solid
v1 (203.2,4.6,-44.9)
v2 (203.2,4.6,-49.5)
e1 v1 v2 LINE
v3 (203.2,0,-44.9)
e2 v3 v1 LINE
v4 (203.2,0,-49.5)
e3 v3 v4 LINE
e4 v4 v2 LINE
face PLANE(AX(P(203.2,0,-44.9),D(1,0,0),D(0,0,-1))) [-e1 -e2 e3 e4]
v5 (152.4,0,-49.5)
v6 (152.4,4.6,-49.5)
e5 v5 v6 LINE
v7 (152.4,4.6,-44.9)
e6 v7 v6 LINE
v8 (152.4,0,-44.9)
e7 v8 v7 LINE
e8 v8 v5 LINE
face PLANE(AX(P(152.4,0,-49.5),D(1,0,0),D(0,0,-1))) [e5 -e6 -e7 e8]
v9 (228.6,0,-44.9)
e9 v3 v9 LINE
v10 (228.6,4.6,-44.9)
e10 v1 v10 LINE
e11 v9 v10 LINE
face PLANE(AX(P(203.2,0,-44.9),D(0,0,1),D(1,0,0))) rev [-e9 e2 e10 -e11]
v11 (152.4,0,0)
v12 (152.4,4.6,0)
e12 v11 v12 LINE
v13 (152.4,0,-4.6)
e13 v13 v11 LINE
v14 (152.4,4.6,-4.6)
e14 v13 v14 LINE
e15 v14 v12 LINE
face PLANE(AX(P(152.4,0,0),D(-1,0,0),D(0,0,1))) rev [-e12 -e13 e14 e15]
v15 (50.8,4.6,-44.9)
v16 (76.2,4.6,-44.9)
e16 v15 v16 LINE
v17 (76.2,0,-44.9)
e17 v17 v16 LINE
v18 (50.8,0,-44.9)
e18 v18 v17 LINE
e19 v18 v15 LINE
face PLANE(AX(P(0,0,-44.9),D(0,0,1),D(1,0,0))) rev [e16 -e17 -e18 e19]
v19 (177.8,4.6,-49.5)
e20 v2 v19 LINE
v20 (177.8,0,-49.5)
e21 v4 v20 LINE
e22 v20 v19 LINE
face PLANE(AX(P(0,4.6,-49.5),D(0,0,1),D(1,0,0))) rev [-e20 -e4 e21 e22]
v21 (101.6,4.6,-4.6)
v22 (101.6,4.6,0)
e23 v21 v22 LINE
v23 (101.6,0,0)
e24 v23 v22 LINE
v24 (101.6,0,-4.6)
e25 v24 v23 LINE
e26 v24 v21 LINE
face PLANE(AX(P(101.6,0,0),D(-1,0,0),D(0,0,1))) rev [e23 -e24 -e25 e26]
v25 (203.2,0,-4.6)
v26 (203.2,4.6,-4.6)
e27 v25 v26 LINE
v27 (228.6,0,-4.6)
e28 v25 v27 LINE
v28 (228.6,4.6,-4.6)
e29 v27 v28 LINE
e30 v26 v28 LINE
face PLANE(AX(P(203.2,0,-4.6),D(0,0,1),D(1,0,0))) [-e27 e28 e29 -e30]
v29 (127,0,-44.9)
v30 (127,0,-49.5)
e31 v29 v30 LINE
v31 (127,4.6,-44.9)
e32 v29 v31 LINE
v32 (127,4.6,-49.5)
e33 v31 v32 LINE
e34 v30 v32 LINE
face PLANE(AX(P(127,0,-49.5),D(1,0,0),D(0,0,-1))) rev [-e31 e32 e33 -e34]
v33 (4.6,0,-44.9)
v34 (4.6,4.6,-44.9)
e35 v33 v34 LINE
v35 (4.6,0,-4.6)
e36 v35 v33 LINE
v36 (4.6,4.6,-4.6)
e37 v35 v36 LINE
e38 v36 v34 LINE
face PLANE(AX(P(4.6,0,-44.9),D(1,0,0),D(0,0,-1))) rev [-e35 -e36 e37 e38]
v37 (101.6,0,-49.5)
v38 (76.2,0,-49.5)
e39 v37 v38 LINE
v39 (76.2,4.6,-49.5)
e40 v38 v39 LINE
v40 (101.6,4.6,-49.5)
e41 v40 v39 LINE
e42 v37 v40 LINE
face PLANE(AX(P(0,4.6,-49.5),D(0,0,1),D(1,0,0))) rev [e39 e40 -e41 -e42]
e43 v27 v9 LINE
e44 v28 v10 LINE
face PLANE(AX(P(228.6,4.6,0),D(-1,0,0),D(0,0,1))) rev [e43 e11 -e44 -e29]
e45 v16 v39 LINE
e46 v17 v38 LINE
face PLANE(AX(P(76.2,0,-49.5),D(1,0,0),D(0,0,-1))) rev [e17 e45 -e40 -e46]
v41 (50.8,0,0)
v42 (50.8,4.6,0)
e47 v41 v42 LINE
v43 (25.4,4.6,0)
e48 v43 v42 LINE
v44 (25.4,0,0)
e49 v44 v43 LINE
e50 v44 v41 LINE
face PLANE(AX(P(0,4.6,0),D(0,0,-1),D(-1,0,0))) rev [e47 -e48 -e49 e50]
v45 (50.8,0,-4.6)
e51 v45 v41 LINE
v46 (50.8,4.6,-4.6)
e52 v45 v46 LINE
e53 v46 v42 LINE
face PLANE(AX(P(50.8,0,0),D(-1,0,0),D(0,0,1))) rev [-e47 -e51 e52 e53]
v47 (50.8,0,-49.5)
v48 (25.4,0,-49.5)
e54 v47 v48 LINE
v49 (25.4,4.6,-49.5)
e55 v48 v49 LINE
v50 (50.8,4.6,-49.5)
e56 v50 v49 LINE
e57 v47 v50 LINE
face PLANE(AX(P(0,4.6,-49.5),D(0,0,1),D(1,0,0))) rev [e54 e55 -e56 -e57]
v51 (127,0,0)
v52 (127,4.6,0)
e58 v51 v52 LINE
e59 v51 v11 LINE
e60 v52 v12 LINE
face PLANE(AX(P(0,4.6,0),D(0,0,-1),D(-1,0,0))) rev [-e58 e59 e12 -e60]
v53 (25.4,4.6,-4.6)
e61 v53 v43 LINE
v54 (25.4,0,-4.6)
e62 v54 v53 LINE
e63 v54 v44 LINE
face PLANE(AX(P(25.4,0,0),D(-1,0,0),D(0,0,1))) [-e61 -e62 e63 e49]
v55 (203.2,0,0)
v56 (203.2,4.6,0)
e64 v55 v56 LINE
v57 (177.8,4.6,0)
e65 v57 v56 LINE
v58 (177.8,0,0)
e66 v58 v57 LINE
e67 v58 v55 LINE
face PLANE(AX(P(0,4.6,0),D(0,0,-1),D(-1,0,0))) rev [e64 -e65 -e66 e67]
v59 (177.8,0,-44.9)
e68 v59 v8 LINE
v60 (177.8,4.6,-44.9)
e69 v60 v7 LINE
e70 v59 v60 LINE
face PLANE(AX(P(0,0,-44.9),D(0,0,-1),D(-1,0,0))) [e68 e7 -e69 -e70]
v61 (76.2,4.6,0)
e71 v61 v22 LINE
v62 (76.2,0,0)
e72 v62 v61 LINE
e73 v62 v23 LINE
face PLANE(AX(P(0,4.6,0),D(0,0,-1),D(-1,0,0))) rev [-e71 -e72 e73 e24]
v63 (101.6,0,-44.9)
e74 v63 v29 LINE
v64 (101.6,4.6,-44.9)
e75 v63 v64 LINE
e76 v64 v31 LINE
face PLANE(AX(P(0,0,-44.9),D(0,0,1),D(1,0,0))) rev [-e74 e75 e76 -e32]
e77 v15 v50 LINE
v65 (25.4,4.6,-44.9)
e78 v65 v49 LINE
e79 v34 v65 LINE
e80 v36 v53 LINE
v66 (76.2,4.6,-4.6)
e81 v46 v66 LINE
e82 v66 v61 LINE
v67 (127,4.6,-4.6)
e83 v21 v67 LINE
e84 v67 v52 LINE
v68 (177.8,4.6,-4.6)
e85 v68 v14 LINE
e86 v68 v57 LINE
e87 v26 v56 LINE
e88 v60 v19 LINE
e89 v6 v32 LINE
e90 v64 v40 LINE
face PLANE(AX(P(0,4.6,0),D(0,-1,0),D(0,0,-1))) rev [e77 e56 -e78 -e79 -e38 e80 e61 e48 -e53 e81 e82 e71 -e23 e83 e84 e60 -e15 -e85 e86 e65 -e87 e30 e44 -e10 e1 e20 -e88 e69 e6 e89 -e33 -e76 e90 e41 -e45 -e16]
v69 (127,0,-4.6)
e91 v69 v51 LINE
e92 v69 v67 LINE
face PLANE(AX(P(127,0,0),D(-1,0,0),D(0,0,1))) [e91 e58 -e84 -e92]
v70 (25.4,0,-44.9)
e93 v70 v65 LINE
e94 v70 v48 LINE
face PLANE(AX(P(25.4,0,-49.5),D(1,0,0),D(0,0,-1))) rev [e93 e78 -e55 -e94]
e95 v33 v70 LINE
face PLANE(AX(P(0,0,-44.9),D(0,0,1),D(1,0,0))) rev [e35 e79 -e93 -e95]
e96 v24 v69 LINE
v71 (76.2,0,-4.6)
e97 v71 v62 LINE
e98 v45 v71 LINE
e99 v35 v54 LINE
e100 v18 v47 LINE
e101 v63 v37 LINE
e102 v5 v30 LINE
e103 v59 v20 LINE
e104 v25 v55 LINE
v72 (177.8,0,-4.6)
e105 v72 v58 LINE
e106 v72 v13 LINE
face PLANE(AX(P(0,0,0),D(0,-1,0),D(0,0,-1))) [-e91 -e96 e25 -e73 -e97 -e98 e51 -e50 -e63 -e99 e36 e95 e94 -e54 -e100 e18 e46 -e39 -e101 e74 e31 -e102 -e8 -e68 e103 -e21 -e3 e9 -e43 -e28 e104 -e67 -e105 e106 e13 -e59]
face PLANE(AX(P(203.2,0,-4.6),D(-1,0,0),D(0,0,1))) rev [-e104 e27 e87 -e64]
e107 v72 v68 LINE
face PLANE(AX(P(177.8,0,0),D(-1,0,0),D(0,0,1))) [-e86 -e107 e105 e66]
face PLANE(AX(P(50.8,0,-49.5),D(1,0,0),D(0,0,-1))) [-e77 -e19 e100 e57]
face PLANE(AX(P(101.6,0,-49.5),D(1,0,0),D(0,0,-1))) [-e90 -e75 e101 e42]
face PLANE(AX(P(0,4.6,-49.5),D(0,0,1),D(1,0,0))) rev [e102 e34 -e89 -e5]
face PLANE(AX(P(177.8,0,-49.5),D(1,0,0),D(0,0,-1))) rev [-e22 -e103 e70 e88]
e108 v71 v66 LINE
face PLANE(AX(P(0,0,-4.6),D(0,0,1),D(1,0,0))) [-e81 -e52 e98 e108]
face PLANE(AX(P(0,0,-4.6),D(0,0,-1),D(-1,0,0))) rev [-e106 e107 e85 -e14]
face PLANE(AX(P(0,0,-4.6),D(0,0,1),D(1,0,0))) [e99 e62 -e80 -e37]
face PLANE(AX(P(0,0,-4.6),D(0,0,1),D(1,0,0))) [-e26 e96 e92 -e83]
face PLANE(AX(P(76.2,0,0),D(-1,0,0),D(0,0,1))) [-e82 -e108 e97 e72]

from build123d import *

# Parameters (mm, degrees)
SKETCH1_W           = 228.6
SKETCH1_H           = 49.499999806
BOSS_EXTRUDE1_DEPTH = 4.599999944
SKETCH3_W           = 25.4
SKETCH3_H           = 4.599999944
CUT_EXTRUDE1_DEPTH  = 234.943091328
SKETCH4_W           = 4.599999944
SKETCH4_H           = 40.299999918
CUT_EXTRUDE2_DEPTH  = 234.943091328


with BuildPart() as part:
    # Sketch1 → Boss-Extrude1 (new body)
    with BuildSketch(Plane(origin=(0, 0, 0), x_dir=(1, 0, 0), z_dir=(0, 1, 0))):
        with Locations((114.3, 24.749999903)):
            Rectangle(SKETCH1_W, SKETCH1_H)
    extrude(amount=BOSS_EXTRUDE1_DEPTH)

    # Sketch3 → Cut-Extrude1 (cut, through all)
    with BuildSketch(Plane(origin=(0, 4.599999944, 0), x_dir=(1, 0, 0), z_dir=(0, 1, 0))):
        with Locations((12.7, 2.299999972)):
            Rectangle(SKETCH3_W, SKETCH3_H)
        with Locations((63.5, 2.299999972)):
            Rectangle(SKETCH3_W, SKETCH3_H)
        with Locations((114.3, 2.299999972)):
            Rectangle(SKETCH3_W, SKETCH3_H)
        with Locations((165.1, 2.299999972)):
            Rectangle(SKETCH3_W, SKETCH3_H)
        with Locations((215.9, 2.299999972)):
            Rectangle(SKETCH3_W, SKETCH3_H)
    cut_extrude1 = extrude(amount=-CUT_EXTRUDE1_DEPTH, mode=Mode.SUBTRACT)

    # Mirror1: Cut-Extrude1 across plane
    add(cut_extrude1.mirror(Plane(origin=(0, 0, -24.749999903), x_dir=(1, 0, 0), z_dir=(0, 0, -1))), mode=Mode.SUBTRACT)

    # Sketch4 → Cut-Extrude2 (cut, through all)
    with BuildSketch(Plane(origin=(0, 4.599999944, 0), x_dir=(1, 0, 0), z_dir=(0, 1, 0))):
        with Locations((2.299999972, 24.749999903)):
            Rectangle(SKETCH4_W, SKETCH4_H)
    extrude(amount=-CUT_EXTRUDE2_DEPTH, mode=Mode.SUBTRACT)


solid = part.part
